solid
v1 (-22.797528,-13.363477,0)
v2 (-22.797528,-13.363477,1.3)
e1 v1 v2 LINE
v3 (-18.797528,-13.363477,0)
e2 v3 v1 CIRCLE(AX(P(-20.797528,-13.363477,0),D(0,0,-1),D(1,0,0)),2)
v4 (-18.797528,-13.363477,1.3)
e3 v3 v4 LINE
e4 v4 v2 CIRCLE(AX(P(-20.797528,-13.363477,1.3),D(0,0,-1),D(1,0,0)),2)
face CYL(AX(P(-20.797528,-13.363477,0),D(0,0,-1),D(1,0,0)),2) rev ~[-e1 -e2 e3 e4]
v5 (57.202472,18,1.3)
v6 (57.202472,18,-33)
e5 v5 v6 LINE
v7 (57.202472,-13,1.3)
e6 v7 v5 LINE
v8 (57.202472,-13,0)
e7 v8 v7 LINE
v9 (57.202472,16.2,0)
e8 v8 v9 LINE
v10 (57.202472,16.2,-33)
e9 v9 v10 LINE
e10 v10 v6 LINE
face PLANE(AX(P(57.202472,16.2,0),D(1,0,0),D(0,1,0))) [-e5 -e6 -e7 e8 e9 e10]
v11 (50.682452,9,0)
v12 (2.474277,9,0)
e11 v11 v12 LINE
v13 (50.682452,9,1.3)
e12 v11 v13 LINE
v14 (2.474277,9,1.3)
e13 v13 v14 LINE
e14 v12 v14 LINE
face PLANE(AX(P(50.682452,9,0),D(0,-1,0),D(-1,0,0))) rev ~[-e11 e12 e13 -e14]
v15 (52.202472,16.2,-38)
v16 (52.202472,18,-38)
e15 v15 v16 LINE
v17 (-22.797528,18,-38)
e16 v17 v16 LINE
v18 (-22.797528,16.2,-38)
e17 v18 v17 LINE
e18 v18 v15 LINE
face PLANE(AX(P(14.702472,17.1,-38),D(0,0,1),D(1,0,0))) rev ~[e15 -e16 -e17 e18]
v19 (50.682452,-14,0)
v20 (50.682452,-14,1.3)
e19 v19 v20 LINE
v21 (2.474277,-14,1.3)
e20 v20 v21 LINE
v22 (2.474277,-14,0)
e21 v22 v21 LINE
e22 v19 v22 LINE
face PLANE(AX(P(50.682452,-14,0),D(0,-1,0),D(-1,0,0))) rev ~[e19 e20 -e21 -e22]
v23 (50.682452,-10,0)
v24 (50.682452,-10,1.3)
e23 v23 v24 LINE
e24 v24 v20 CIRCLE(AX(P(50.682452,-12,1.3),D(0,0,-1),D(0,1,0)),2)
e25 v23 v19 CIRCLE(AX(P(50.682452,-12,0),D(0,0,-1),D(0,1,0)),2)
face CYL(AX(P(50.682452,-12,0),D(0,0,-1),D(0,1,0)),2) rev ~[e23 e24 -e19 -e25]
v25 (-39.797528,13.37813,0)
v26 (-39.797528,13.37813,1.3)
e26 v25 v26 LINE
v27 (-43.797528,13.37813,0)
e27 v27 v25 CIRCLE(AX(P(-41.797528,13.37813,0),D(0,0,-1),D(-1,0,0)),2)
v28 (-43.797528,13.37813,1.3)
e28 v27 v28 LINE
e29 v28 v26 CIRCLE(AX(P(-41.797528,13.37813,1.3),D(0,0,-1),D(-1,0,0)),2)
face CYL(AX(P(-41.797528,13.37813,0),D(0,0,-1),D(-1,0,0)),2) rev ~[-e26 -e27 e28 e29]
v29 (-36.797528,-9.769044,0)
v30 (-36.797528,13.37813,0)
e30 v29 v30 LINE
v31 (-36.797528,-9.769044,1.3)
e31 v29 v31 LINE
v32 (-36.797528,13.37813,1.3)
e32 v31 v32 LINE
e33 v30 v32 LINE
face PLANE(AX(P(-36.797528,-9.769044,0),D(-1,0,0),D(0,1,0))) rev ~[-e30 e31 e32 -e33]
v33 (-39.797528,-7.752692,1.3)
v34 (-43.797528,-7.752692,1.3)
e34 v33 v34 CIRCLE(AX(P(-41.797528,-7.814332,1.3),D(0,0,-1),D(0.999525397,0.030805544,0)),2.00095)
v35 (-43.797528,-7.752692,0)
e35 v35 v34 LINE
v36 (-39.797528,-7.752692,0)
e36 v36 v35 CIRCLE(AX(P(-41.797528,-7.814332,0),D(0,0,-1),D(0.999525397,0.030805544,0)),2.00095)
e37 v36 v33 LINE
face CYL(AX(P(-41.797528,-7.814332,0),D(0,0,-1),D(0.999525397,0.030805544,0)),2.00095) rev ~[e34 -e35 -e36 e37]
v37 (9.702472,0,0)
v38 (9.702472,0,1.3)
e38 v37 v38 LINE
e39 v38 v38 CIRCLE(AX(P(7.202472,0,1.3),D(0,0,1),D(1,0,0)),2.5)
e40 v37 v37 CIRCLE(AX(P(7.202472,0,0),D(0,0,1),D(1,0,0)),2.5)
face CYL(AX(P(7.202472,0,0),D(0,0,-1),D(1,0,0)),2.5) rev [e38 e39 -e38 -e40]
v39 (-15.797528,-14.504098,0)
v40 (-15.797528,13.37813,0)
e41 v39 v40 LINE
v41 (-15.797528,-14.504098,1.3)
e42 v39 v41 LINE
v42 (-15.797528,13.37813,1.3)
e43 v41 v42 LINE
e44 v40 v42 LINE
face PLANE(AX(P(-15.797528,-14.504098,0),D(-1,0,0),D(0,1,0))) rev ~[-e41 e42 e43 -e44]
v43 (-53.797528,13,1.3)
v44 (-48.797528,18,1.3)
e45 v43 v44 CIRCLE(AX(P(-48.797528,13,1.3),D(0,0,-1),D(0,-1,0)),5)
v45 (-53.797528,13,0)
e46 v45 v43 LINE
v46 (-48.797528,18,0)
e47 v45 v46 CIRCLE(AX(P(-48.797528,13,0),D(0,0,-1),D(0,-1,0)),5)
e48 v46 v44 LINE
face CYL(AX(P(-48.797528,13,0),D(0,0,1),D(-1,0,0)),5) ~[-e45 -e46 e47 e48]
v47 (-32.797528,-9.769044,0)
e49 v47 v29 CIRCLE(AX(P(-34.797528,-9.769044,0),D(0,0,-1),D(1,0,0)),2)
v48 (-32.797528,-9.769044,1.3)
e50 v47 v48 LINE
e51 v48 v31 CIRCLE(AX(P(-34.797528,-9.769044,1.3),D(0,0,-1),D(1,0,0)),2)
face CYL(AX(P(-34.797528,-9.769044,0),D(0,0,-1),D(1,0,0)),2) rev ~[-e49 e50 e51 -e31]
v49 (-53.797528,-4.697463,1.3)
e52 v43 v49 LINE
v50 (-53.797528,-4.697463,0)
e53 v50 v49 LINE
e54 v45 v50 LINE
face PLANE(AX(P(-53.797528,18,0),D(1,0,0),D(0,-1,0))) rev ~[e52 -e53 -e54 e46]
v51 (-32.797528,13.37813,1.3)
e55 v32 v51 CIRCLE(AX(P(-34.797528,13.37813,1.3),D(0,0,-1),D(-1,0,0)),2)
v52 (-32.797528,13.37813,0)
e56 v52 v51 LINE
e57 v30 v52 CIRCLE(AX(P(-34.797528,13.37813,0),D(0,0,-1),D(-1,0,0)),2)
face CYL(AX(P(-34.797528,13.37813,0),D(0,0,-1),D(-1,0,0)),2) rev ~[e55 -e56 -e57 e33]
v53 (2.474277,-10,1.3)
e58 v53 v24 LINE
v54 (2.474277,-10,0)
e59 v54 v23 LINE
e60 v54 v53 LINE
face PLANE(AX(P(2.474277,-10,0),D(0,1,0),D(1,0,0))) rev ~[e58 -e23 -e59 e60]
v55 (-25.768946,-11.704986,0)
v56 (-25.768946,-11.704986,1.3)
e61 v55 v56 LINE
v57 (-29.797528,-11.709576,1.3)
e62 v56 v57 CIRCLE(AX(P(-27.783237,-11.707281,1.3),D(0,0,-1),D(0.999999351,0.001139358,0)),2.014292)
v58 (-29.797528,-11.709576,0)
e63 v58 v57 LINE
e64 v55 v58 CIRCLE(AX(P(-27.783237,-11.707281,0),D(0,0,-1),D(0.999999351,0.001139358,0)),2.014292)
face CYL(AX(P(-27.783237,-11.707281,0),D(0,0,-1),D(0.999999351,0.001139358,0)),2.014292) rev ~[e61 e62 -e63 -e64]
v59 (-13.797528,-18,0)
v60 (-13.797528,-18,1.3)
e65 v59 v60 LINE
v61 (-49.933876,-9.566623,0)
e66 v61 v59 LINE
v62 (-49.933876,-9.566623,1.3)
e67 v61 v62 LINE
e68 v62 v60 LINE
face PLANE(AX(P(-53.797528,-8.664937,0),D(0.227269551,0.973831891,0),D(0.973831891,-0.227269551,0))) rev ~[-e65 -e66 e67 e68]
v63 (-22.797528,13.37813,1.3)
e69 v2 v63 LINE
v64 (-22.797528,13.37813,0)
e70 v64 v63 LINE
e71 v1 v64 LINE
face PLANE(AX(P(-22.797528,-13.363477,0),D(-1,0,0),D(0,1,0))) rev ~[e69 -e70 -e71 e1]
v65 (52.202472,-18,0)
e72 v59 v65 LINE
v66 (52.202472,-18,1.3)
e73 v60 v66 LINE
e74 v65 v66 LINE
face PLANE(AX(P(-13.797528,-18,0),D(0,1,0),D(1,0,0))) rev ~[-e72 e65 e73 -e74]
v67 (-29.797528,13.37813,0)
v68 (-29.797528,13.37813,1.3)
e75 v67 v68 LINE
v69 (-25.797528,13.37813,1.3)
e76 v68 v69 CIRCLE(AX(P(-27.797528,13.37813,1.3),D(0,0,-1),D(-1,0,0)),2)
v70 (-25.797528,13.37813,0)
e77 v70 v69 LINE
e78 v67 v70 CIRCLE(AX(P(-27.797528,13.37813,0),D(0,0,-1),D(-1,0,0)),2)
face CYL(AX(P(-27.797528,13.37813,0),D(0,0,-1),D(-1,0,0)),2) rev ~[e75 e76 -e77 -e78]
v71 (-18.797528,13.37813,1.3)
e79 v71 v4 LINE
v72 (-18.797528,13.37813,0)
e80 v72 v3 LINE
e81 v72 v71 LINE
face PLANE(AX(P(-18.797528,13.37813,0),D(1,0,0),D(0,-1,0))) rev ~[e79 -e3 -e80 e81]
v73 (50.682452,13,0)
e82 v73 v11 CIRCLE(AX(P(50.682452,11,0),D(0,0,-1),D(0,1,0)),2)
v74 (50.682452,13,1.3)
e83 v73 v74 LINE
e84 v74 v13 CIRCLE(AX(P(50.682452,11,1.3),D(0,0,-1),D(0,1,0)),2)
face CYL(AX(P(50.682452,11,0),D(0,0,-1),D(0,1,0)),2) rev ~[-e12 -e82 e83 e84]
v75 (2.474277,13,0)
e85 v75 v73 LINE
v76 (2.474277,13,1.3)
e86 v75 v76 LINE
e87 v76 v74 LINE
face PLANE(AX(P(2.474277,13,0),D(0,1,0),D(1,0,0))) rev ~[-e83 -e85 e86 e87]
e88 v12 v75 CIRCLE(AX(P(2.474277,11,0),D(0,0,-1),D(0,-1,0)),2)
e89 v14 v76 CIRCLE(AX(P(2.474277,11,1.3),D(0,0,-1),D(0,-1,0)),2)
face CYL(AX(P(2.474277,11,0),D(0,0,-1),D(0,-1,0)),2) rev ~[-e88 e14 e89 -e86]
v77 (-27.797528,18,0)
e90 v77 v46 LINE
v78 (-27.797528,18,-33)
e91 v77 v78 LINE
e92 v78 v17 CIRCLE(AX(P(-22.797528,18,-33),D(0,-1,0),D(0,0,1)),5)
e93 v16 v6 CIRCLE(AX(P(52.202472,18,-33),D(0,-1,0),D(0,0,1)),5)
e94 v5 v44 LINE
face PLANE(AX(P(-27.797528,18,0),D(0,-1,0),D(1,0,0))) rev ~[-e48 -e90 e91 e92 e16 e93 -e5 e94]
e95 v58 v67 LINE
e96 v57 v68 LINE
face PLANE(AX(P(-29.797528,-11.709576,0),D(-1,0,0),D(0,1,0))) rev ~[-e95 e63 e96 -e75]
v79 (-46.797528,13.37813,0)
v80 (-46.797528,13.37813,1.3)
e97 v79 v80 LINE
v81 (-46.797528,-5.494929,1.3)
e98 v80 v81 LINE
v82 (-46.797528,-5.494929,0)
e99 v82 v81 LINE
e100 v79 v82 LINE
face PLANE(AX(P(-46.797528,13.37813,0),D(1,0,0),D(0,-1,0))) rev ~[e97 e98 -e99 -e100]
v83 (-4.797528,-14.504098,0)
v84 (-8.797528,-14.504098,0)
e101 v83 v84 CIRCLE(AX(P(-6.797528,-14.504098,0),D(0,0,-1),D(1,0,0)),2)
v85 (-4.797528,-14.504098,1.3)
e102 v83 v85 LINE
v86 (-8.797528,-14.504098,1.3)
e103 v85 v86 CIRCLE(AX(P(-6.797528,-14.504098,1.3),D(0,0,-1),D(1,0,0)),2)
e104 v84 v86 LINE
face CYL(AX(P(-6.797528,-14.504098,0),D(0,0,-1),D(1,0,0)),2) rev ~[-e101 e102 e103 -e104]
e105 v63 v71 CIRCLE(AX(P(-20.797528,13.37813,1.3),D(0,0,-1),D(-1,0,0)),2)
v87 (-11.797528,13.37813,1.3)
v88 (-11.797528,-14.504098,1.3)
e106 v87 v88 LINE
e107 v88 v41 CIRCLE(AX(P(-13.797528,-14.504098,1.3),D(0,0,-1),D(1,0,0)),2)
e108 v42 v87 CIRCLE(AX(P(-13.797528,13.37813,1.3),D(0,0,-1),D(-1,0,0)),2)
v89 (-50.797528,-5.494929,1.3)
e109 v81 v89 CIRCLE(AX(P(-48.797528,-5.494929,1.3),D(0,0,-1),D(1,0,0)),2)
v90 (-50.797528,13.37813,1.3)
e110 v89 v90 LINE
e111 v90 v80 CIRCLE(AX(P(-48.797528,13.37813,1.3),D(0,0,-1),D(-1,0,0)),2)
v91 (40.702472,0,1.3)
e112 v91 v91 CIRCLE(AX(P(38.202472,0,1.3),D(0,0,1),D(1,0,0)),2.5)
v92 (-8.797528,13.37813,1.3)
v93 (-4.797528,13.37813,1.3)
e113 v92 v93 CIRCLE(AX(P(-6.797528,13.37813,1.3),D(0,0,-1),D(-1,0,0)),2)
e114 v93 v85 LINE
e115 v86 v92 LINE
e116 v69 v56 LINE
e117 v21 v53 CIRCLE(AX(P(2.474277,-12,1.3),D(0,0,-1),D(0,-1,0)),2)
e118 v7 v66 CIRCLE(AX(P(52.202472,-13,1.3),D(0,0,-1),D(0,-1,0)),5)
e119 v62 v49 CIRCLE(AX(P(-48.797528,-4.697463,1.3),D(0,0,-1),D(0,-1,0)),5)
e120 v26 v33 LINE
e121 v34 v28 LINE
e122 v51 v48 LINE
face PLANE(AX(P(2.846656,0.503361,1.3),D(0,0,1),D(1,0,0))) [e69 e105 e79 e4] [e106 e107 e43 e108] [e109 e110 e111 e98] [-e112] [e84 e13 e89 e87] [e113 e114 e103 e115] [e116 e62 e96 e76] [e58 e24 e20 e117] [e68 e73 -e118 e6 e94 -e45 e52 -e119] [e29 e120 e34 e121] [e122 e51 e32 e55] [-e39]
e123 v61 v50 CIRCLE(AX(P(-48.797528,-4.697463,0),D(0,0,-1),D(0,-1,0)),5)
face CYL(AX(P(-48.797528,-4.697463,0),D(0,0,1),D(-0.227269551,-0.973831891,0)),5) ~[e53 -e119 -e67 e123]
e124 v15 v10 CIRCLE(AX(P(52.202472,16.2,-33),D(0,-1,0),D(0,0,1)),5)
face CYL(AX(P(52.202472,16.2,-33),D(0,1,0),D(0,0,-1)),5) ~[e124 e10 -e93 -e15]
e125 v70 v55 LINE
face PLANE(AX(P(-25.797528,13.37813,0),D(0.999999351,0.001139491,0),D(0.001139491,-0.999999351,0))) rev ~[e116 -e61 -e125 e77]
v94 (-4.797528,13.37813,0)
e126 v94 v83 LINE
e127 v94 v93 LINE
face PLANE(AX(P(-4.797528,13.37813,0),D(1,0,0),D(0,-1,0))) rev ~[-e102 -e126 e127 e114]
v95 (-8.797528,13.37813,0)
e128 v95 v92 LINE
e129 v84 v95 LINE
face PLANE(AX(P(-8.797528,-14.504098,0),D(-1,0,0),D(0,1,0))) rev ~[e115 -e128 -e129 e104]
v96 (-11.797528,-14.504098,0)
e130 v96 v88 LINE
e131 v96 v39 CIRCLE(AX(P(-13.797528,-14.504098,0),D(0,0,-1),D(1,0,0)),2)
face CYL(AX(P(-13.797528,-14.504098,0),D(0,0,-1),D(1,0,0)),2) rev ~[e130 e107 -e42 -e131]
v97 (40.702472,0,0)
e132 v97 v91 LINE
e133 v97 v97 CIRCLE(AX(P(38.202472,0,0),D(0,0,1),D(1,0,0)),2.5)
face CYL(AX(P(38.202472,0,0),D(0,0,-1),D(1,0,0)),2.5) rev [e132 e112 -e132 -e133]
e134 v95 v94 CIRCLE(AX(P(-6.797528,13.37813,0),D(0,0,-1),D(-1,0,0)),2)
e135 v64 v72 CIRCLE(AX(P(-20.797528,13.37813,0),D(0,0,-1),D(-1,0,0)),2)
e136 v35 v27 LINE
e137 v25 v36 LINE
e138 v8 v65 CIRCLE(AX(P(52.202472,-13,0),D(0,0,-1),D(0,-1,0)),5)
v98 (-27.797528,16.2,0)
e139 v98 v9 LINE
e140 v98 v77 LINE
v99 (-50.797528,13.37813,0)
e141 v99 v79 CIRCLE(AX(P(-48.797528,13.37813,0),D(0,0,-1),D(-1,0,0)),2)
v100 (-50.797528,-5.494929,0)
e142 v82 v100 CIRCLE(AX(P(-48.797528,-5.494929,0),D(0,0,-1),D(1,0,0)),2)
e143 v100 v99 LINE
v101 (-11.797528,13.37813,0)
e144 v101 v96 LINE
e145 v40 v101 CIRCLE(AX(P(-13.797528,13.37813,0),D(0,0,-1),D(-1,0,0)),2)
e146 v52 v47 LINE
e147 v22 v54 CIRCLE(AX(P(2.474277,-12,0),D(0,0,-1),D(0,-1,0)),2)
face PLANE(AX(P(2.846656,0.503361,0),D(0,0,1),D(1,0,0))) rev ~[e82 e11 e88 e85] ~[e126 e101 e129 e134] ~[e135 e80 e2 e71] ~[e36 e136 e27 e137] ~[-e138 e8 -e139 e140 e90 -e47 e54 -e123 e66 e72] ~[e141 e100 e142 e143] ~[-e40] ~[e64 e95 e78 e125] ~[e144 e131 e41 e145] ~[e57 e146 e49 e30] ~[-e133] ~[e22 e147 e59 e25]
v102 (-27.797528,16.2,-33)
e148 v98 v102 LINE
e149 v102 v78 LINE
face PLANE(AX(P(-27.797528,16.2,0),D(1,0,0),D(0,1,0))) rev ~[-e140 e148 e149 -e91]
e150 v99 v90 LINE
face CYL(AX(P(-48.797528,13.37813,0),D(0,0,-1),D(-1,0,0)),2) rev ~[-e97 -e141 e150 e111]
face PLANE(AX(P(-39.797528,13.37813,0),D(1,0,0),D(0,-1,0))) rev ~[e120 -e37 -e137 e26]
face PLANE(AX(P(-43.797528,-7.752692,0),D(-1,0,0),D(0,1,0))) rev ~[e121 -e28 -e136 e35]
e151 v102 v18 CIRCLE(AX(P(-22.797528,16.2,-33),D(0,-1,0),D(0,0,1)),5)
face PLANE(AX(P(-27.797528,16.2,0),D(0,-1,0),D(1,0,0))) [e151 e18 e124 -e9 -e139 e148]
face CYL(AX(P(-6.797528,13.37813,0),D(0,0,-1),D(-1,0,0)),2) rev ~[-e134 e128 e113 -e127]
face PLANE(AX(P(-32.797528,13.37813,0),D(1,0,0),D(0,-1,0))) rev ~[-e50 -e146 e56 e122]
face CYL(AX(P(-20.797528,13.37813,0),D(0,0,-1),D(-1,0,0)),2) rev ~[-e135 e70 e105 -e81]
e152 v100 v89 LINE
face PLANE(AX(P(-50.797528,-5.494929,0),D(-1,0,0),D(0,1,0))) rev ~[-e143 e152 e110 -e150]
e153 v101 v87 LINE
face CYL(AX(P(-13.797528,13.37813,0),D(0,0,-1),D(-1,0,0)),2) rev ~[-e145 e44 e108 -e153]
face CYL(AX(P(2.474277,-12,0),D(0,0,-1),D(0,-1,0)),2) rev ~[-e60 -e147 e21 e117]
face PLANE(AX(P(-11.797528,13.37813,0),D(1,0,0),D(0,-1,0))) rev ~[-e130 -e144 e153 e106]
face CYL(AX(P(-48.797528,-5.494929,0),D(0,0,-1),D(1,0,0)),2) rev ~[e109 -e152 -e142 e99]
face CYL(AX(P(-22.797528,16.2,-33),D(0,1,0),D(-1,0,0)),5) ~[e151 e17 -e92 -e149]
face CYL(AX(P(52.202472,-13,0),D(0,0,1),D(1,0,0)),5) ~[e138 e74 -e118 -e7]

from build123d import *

# Parameters (mm, degrees)
F0_R     = 2.5
F0_W     = 85
F0_H     = 1.8
F1_DEPTH = 1.3
F2_DEPTH = 38
F3_R     = 5


with BuildPart() as f1:
    # F0 (on Top) → F1 (new body)
    with BuildSketch(Plane.XY):
        Polygon((-27.797528, 18), (-53.797528, 18), (-53.797528, -8.664937), (-13.797528, -18), (57.202472, -18), (57.202472, 16.2), (-27.797528, 16.2), align=None)
        with BuildLine():
            Line((-15.797528, -9.769044), (-15.797528, 13.37813))
            ThreePointArc((-15.797528, 13.37813), (-13.797528, 15.37813), (-11.797528, 13.37813))
            Line((-11.797528, 13.37813), (-11.797528, -14.504098))
            ThreePointArc((-11.797528, -14.504098), (-13.797528, -16.504098), (-15.797528, -14.504098))
            Line((-15.797528, -14.504098), (-15.797528, -9.769044))
        make_face(mode=Mode.SUBTRACT)
        with BuildLine():
            Line((-8.797528, -14.504098), (-8.797528, 13.37813))
            ThreePointArc((-8.797528, 13.37813), (-6.797528, 15.37813), (-4.797528, 13.37813))
            Line((-4.797528, 13.37813), (-4.797528, -14.504098))
            ThreePointArc((-4.797528, -14.504098), (-6.797528, -16.504098), (-8.797528, -14.504098))
        make_face(mode=Mode.SUBTRACT)
        with BuildLine():
            ThreePointArc((50.682452, -10), (52.682452, -12), (50.682452, -14))
            Line((50.682452, -14), (2.474277, -14))
            ThreePointArc((2.474277, -14), (0.474277, -12), (2.474277, -10))
            Line((2.474277, -10), (50.682452, -10))
        make_face(mode=Mode.SUBTRACT)
        with BuildLine():
            Line((-50.797528, -5.494929), (-50.797528, 13.37813))
            ThreePointArc((-50.797528, 13.37813), (-48.797528, 15.37813), (-46.797528, 13.37813))
            Line((-46.797528, 13.37813), (-46.797528, -5.494929))
            ThreePointArc((-46.797528, -5.494929), (-48.797528, -7.494929), (-50.797528, -5.494929))
        make_face(mode=Mode.SUBTRACT)
        with BuildLine():
            Line((-43.797528, -7.752692), (-43.797528, 13.37813))
            ThreePointArc((-43.797528, 13.37813), (-41.797528, 15.37813), (-39.797528, 13.37813))
            Line((-39.797528, 13.37813), (-39.797528, -7.752692))
            ThreePointArc((-39.797528, -7.752692), (-41.797528, -9.815282), (-43.797528, -7.752692))
        make_face(mode=Mode.SUBTRACT)
        with BuildLine():
            Line((-36.797528, -9.769044), (-36.797528, 13.37813))
            ThreePointArc((-36.797528, 13.37813), (-34.797528, 15.37813), (-32.797528, 13.37813))
            Line((-32.797528, 13.37813), (-32.797528, -9.769044))
            ThreePointArc((-32.797528, -9.769044), (-34.797528, -11.769044), (-36.797528, -9.769044))
        make_face(mode=Mode.SUBTRACT)
        with BuildLine():
            ThreePointArc((-29.797528, 13.37813), (-27.797528, 15.37813), (-25.797528, 13.37813))
            Line((-25.797528, 13.37813), (-25.768946, -11.704986))
            ThreePointArc((-25.768946, -11.704986), (-27.780942, -13.721572), (-29.797528, -11.709576))
            Line((-29.797528, -11.709576), (-29.797528, 13.37813))
        make_face(mode=Mode.SUBTRACT)
        with BuildLine():
            ThreePointArc((-22.797528, 13.37813), (-20.797528, 15.37813), (-18.797528, 13.37813))
            Line((-18.797528, 13.37813), (-18.797528, -13.363477))
            ThreePointArc((-18.797528, -13.363477), (-20.797528, -15.363477), (-22.797528, -13.363477))
            Line((-22.797528, -13.363477), (-22.797528, 13.37813))
        make_face(mode=Mode.SUBTRACT)
        with Locations((7.202472, 0)):
            Circle(F0_R, mode=Mode.SUBTRACT)
        with Locations((38.202472, 0)):
            Circle(F0_R, mode=Mode.SUBTRACT)
        with BuildLine():
            ThreePointArc((2.474277, 9), (0.474277, 11), (2.474277, 13))
            Line((2.474277, 13), (50.682452, 13))
            ThreePointArc((50.682452, 13), (52.682452, 11), (50.682452, 9))
            Line((50.682452, 9), (2.474277, 9))
        make_face(mode=Mode.SUBTRACT)
        with Locations((14.702472, 17.1)):
            Rectangle(F0_W, F0_H)
    extrude(amount=F1_DEPTH)

    # F0 (on Top) → F2 (join)
    with BuildSketch(Plane.XY):
        with Locations((14.702472, 17.1)):
            Rectangle(F0_W, F0_H)
    extrude(amount=-F2_DEPTH)

    # F3
    f3_edges = [f1.edges().sort_by_distance(p)[0] for p in [
        (-53.797528, 18, 0.65),
        (-53.797528, -8.664937, 0.65),
        (57.202472, -18, 0.65),
        (57.202472, 17.1, -38),
        (-27.797528, 17.1, -38),
    ]]
    fillet(f3_edges, radius=F3_R)


solid = f1.part
